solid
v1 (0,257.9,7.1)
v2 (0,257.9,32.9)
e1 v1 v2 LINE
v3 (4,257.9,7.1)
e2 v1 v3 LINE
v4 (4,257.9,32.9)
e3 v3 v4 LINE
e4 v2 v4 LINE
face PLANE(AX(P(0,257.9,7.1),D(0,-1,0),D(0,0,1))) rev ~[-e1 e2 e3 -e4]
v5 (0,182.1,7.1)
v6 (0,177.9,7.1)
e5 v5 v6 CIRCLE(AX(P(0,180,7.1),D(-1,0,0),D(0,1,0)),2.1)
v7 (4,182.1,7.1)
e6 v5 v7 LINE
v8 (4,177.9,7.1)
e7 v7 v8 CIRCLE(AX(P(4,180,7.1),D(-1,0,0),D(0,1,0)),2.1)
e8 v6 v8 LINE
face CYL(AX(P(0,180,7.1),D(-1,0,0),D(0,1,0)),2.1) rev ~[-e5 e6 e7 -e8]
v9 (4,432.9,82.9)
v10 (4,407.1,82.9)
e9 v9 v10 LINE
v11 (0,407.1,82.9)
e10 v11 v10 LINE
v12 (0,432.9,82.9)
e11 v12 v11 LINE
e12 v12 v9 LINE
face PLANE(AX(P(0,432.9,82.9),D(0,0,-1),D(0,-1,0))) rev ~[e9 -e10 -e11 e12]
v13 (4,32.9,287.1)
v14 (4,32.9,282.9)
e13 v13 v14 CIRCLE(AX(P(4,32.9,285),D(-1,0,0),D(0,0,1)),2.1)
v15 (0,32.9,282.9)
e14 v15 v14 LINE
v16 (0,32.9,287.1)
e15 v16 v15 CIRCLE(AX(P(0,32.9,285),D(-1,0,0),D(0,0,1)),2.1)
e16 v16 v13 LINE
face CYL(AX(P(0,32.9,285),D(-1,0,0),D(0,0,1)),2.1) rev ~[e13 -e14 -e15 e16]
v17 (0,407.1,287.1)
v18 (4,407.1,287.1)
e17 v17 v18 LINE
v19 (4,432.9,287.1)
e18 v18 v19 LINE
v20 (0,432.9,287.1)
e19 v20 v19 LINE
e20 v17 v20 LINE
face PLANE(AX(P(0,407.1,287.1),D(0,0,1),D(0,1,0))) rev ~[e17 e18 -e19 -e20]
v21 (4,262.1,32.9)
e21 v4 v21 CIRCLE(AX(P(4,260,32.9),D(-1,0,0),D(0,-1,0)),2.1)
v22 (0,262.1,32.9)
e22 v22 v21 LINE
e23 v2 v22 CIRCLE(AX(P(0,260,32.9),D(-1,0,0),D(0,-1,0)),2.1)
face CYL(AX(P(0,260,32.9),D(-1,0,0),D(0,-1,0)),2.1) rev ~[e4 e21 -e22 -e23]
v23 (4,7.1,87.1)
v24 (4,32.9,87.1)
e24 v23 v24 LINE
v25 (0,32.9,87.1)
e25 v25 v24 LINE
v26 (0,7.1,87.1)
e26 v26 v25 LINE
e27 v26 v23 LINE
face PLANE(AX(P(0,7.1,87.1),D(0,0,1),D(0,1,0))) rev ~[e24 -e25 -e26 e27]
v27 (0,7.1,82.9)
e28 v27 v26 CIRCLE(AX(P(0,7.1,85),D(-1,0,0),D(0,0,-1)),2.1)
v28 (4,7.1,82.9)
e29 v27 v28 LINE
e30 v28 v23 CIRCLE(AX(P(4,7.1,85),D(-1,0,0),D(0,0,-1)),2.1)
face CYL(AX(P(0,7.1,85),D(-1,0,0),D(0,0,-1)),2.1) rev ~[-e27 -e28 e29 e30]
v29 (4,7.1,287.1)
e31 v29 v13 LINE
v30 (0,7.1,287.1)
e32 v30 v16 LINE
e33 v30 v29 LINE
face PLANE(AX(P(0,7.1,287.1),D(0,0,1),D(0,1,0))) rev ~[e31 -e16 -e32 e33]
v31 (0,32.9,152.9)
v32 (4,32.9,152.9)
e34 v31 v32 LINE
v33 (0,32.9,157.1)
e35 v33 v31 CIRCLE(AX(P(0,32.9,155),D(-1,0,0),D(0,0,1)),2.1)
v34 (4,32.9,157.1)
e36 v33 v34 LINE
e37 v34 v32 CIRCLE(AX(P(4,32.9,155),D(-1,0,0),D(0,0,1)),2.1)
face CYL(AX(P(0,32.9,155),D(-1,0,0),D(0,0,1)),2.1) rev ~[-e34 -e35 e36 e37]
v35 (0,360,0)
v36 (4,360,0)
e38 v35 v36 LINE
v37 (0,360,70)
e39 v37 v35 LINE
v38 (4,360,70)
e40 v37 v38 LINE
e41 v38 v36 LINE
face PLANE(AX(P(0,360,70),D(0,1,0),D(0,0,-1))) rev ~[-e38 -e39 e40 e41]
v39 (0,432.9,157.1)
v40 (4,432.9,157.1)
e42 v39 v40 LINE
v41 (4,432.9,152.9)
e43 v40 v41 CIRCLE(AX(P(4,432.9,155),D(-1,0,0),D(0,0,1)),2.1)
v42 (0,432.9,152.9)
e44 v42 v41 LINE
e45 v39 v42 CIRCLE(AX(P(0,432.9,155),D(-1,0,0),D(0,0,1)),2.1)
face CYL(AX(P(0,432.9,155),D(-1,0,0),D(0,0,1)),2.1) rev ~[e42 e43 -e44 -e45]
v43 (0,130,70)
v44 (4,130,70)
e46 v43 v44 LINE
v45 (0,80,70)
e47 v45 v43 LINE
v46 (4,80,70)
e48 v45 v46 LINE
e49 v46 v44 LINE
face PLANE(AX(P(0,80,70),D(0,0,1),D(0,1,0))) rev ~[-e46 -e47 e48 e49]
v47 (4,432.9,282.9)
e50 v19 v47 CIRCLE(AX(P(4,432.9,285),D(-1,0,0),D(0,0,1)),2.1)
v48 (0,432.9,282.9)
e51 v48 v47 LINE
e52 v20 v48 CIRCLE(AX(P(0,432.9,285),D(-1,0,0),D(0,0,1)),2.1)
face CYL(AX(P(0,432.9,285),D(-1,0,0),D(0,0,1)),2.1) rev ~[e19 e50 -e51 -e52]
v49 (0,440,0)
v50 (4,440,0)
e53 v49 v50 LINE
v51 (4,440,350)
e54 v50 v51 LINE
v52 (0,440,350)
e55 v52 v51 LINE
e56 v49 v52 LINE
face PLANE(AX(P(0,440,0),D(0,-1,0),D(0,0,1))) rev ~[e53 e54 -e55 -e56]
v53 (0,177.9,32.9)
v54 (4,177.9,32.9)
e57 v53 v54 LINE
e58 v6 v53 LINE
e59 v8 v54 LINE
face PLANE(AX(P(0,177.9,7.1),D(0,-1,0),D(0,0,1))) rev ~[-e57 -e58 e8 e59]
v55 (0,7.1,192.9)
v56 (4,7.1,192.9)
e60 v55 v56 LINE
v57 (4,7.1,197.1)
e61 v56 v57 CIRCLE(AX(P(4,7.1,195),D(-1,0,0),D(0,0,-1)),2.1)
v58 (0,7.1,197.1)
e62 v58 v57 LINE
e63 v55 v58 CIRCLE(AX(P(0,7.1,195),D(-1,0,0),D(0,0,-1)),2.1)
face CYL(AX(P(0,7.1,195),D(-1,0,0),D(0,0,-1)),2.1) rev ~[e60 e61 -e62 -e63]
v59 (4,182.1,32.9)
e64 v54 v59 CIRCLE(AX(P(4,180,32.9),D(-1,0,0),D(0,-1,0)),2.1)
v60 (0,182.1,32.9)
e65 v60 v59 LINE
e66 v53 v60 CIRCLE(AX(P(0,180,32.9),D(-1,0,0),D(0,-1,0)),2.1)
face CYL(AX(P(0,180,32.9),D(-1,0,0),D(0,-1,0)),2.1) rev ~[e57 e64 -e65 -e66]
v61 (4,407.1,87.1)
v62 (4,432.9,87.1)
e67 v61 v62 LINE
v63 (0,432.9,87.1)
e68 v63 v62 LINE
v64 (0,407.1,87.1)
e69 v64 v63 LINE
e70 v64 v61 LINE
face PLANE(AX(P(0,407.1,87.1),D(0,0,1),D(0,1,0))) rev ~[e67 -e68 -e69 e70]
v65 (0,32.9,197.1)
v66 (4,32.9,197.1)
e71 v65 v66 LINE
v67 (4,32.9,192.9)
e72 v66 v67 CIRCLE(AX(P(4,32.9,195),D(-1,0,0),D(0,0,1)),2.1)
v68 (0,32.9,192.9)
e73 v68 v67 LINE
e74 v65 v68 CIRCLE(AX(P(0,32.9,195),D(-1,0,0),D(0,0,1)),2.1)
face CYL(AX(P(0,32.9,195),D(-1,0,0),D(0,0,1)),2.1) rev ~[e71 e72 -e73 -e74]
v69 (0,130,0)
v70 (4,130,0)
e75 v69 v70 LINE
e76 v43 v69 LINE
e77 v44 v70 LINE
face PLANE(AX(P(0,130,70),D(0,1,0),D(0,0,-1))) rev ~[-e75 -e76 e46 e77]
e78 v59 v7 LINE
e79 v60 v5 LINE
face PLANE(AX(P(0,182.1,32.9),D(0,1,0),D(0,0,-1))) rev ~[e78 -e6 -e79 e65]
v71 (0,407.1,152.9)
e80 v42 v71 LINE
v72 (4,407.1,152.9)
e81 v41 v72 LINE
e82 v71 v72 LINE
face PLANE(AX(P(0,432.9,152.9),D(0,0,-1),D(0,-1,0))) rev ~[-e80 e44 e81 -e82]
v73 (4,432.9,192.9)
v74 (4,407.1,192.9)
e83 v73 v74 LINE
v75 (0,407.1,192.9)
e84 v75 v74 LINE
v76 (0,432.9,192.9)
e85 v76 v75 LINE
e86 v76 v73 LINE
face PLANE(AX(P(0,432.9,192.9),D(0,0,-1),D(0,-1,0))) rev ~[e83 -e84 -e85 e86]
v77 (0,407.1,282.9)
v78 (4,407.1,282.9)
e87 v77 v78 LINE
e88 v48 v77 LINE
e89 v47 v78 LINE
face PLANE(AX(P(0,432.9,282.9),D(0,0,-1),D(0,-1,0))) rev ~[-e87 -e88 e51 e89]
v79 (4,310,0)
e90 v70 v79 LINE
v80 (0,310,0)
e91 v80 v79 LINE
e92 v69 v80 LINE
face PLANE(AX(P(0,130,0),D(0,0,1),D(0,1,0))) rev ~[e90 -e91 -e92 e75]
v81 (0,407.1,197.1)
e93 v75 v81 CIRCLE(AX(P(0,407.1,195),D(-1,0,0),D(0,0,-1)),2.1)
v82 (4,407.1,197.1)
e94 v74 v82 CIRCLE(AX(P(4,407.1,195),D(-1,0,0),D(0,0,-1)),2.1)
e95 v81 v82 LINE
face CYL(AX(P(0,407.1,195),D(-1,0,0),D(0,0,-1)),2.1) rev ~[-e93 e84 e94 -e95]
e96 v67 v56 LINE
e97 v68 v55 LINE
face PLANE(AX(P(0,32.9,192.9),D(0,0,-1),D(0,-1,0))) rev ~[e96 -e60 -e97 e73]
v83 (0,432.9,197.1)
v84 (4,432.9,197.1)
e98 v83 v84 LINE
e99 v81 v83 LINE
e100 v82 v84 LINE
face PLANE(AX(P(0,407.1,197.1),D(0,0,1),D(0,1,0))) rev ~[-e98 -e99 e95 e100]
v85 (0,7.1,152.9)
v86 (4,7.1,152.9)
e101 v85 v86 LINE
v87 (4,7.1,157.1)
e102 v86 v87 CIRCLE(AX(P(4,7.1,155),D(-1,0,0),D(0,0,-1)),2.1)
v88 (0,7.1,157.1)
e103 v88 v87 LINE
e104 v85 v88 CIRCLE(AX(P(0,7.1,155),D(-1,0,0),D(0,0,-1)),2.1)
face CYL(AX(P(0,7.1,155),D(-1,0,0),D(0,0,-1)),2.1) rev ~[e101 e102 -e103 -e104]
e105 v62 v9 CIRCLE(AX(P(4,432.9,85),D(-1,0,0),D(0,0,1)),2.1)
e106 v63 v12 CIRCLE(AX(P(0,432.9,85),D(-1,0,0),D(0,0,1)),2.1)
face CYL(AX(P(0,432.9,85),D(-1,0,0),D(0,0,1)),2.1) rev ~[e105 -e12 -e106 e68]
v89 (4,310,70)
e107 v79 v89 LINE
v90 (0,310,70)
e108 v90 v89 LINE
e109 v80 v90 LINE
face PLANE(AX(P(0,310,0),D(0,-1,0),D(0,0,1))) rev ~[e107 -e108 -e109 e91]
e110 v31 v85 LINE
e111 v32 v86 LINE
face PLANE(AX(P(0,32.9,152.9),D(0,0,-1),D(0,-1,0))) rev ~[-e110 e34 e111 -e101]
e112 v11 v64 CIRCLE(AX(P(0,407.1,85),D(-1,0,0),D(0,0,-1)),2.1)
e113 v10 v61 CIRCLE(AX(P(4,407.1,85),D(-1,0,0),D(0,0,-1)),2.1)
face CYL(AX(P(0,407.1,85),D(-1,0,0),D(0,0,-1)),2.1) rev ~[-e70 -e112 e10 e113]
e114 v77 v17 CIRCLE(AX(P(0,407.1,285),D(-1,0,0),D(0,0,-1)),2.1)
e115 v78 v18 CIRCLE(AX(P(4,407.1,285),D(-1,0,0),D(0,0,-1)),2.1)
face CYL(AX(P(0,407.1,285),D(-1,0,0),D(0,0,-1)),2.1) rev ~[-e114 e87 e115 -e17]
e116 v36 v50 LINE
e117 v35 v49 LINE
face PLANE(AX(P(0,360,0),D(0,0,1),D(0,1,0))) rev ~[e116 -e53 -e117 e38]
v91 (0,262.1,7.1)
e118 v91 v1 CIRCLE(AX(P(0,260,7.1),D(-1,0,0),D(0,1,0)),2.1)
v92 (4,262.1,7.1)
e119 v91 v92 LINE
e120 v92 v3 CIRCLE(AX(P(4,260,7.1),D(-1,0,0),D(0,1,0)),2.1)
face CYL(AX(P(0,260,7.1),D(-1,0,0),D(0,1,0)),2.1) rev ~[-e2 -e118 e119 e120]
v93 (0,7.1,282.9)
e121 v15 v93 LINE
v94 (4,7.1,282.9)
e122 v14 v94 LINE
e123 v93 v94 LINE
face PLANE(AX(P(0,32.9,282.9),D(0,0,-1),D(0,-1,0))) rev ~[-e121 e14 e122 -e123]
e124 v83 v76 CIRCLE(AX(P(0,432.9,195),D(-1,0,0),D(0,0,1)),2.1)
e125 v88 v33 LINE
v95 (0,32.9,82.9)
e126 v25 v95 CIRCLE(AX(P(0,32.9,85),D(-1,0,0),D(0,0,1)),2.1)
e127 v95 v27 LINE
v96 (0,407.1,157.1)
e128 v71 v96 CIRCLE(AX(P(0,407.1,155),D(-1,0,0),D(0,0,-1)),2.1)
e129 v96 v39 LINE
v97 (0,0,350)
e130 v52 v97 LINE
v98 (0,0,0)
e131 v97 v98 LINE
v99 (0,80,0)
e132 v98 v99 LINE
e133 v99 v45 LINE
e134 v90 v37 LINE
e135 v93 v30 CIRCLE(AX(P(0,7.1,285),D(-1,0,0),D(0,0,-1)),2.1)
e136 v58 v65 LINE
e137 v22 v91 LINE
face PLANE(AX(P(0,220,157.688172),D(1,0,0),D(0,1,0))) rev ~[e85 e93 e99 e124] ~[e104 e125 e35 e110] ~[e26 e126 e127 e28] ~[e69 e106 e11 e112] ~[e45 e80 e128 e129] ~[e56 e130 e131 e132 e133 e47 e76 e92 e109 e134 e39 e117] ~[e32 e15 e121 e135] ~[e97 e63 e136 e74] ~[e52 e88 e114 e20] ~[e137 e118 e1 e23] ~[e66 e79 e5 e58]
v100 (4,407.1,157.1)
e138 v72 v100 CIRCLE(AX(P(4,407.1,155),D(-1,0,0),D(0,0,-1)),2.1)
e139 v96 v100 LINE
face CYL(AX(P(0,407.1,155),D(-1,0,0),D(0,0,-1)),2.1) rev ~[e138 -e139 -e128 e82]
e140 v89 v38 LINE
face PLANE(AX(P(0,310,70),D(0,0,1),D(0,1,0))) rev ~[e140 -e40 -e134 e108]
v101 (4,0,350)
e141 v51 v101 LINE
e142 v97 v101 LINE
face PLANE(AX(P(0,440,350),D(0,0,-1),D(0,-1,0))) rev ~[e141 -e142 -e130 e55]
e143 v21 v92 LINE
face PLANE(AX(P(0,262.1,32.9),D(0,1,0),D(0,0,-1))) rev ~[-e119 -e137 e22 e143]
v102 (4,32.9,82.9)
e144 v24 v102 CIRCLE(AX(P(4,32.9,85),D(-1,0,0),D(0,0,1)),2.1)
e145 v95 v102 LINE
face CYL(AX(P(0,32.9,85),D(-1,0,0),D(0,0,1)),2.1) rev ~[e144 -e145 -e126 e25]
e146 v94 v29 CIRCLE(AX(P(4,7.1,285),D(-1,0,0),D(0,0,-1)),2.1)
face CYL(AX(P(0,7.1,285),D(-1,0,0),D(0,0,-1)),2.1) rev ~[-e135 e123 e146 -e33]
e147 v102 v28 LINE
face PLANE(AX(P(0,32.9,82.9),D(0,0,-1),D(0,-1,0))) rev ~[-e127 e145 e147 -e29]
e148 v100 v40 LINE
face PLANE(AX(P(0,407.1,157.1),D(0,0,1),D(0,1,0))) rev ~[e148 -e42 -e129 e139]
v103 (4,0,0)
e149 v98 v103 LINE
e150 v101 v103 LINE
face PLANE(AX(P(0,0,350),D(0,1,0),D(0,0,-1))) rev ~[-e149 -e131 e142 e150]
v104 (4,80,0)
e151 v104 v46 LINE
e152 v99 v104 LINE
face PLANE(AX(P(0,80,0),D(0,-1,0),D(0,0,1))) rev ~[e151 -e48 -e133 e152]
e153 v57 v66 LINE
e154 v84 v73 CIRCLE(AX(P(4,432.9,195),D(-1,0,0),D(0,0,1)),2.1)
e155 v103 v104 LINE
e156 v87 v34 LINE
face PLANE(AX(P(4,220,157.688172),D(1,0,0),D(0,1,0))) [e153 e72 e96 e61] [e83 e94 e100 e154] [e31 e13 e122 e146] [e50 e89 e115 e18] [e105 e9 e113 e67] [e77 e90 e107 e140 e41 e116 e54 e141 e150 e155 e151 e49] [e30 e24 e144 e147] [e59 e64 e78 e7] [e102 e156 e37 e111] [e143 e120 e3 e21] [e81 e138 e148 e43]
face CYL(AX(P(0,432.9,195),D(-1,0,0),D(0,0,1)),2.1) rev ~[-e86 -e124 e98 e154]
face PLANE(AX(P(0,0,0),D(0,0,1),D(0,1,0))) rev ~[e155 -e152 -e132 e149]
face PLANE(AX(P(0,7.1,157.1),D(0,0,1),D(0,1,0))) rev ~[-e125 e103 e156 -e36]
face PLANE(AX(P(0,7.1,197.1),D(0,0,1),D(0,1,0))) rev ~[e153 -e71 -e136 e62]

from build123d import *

# Parameters (mm, degrees)
BOSS_EXTRUDE1_DEPTH = 4


with BuildPart() as part:
    # Sketch1 → Boss-Extrude1 (new body)
    with BuildSketch(Plane.YZ):
        Polygon((0, 350), (0, 0), (80, 0), (80, 70), (130, 70), (130, 0), (310, 0), (310, 70), (360, 70), (360, 0), (440, 0), (440, 350), align=None)
        with BuildLine():
            Line((7.1, 87.1), (32.9, 87.1))
            ThreePointArc((32.9, 87.1), (35, 85), (32.9, 82.9))
            Line((32.9, 82.9), (7.1, 82.9))
            ThreePointArc((7.1, 82.9), (5, 85), (7.1, 87.1))
        make_face(mode=Mode.SUBTRACT)
        with BuildLine():
            Line((177.9, 7.1), (177.9, 32.9))
            ThreePointArc((177.9, 32.9), (180, 35), (182.1, 32.9))
            Line((182.1, 32.9), (182.1, 7.1))
            ThreePointArc((182.1, 7.1), (180, 5), (177.9, 7.1))
        make_face(mode=Mode.SUBTRACT)
        with BuildLine():
            ThreePointArc((32.9, 157.1), (35, 155), (32.9, 152.9))
            Line((32.9, 152.9), (7.1, 152.9))
            ThreePointArc((7.1, 152.9), (5, 155), (7.1, 157.1))
            Line((7.1, 157.1), (32.9, 157.1))
        make_face(mode=Mode.SUBTRACT)
        with BuildLine():
            ThreePointArc((257.9, 32.9), (260, 35), (262.1, 32.9))
            Line((262.1, 32.9), (262.1, 7.1))
            ThreePointArc((262.1, 7.1), (260, 5), (257.9, 7.1))
            Line((257.9, 7.1), (257.9, 32.9))
        make_face(mode=Mode.SUBTRACT)
        with BuildLine():
            ThreePointArc((407.1, 82.9), (405, 85), (407.1, 87.1))
            Line((407.1, 87.1), (432.9, 87.1))
            ThreePointArc((432.9, 87.1), (435, 85), (432.9, 82.9))
            Line((432.9, 82.9), (407.1, 82.9))
        make_face(mode=Mode.SUBTRACT)
        with BuildLine():
            Line((432.9, 152.9), (407.1, 152.9))
            ThreePointArc((407.1, 152.9), (405, 155), (407.1, 157.1))
            Line((407.1, 157.1), (432.9, 157.1))
            ThreePointArc((432.9, 157.1), (435, 155), (432.9, 152.9))
        make_face(mode=Mode.SUBTRACT)
        with BuildLine():
            Line((7.1, 197.1), (32.9, 197.1))
            ThreePointArc((32.9, 197.1), (35, 195), (32.9, 192.9))
            Line((32.9, 192.9), (7.1, 192.9))
            ThreePointArc((7.1, 192.9), (5, 195), (7.1, 197.1))
        make_face(mode=Mode.SUBTRACT)
        with BuildLine():
            ThreePointArc((32.9, 287.1), (35, 285), (32.9, 282.9))
            Line((32.9, 282.9), (7.1, 282.9))
            ThreePointArc((7.1, 282.9), (5, 285), (7.1, 287.1))
            Line((7.1, 287.1), (32.9, 287.1))
        make_face(mode=Mode.SUBTRACT)
        with BuildLine():
            ThreePointArc((407.1, 192.9), (405, 195), (407.1, 197.1))
            Line((407.1, 197.1), (432.9, 197.1))
            ThreePointArc((432.9, 197.1), (435, 195), (432.9, 192.9))
            Line((432.9, 192.9), (407.1, 192.9))
        make_face(mode=Mode.SUBTRACT)
        with BuildLine():
            Line((432.9, 282.9), (407.1, 282.9))
            ThreePointArc((407.1, 282.9), (405, 285), (407.1, 287.1))
            Line((407.1, 287.1), (432.9, 287.1))
            ThreePointArc((432.9, 287.1), (435, 285), (432.9, 282.9))
        make_face(mode=Mode.SUBTRACT)
    extrude(amount=BOSS_EXTRUDE1_DEPTH)


solid = part.part
